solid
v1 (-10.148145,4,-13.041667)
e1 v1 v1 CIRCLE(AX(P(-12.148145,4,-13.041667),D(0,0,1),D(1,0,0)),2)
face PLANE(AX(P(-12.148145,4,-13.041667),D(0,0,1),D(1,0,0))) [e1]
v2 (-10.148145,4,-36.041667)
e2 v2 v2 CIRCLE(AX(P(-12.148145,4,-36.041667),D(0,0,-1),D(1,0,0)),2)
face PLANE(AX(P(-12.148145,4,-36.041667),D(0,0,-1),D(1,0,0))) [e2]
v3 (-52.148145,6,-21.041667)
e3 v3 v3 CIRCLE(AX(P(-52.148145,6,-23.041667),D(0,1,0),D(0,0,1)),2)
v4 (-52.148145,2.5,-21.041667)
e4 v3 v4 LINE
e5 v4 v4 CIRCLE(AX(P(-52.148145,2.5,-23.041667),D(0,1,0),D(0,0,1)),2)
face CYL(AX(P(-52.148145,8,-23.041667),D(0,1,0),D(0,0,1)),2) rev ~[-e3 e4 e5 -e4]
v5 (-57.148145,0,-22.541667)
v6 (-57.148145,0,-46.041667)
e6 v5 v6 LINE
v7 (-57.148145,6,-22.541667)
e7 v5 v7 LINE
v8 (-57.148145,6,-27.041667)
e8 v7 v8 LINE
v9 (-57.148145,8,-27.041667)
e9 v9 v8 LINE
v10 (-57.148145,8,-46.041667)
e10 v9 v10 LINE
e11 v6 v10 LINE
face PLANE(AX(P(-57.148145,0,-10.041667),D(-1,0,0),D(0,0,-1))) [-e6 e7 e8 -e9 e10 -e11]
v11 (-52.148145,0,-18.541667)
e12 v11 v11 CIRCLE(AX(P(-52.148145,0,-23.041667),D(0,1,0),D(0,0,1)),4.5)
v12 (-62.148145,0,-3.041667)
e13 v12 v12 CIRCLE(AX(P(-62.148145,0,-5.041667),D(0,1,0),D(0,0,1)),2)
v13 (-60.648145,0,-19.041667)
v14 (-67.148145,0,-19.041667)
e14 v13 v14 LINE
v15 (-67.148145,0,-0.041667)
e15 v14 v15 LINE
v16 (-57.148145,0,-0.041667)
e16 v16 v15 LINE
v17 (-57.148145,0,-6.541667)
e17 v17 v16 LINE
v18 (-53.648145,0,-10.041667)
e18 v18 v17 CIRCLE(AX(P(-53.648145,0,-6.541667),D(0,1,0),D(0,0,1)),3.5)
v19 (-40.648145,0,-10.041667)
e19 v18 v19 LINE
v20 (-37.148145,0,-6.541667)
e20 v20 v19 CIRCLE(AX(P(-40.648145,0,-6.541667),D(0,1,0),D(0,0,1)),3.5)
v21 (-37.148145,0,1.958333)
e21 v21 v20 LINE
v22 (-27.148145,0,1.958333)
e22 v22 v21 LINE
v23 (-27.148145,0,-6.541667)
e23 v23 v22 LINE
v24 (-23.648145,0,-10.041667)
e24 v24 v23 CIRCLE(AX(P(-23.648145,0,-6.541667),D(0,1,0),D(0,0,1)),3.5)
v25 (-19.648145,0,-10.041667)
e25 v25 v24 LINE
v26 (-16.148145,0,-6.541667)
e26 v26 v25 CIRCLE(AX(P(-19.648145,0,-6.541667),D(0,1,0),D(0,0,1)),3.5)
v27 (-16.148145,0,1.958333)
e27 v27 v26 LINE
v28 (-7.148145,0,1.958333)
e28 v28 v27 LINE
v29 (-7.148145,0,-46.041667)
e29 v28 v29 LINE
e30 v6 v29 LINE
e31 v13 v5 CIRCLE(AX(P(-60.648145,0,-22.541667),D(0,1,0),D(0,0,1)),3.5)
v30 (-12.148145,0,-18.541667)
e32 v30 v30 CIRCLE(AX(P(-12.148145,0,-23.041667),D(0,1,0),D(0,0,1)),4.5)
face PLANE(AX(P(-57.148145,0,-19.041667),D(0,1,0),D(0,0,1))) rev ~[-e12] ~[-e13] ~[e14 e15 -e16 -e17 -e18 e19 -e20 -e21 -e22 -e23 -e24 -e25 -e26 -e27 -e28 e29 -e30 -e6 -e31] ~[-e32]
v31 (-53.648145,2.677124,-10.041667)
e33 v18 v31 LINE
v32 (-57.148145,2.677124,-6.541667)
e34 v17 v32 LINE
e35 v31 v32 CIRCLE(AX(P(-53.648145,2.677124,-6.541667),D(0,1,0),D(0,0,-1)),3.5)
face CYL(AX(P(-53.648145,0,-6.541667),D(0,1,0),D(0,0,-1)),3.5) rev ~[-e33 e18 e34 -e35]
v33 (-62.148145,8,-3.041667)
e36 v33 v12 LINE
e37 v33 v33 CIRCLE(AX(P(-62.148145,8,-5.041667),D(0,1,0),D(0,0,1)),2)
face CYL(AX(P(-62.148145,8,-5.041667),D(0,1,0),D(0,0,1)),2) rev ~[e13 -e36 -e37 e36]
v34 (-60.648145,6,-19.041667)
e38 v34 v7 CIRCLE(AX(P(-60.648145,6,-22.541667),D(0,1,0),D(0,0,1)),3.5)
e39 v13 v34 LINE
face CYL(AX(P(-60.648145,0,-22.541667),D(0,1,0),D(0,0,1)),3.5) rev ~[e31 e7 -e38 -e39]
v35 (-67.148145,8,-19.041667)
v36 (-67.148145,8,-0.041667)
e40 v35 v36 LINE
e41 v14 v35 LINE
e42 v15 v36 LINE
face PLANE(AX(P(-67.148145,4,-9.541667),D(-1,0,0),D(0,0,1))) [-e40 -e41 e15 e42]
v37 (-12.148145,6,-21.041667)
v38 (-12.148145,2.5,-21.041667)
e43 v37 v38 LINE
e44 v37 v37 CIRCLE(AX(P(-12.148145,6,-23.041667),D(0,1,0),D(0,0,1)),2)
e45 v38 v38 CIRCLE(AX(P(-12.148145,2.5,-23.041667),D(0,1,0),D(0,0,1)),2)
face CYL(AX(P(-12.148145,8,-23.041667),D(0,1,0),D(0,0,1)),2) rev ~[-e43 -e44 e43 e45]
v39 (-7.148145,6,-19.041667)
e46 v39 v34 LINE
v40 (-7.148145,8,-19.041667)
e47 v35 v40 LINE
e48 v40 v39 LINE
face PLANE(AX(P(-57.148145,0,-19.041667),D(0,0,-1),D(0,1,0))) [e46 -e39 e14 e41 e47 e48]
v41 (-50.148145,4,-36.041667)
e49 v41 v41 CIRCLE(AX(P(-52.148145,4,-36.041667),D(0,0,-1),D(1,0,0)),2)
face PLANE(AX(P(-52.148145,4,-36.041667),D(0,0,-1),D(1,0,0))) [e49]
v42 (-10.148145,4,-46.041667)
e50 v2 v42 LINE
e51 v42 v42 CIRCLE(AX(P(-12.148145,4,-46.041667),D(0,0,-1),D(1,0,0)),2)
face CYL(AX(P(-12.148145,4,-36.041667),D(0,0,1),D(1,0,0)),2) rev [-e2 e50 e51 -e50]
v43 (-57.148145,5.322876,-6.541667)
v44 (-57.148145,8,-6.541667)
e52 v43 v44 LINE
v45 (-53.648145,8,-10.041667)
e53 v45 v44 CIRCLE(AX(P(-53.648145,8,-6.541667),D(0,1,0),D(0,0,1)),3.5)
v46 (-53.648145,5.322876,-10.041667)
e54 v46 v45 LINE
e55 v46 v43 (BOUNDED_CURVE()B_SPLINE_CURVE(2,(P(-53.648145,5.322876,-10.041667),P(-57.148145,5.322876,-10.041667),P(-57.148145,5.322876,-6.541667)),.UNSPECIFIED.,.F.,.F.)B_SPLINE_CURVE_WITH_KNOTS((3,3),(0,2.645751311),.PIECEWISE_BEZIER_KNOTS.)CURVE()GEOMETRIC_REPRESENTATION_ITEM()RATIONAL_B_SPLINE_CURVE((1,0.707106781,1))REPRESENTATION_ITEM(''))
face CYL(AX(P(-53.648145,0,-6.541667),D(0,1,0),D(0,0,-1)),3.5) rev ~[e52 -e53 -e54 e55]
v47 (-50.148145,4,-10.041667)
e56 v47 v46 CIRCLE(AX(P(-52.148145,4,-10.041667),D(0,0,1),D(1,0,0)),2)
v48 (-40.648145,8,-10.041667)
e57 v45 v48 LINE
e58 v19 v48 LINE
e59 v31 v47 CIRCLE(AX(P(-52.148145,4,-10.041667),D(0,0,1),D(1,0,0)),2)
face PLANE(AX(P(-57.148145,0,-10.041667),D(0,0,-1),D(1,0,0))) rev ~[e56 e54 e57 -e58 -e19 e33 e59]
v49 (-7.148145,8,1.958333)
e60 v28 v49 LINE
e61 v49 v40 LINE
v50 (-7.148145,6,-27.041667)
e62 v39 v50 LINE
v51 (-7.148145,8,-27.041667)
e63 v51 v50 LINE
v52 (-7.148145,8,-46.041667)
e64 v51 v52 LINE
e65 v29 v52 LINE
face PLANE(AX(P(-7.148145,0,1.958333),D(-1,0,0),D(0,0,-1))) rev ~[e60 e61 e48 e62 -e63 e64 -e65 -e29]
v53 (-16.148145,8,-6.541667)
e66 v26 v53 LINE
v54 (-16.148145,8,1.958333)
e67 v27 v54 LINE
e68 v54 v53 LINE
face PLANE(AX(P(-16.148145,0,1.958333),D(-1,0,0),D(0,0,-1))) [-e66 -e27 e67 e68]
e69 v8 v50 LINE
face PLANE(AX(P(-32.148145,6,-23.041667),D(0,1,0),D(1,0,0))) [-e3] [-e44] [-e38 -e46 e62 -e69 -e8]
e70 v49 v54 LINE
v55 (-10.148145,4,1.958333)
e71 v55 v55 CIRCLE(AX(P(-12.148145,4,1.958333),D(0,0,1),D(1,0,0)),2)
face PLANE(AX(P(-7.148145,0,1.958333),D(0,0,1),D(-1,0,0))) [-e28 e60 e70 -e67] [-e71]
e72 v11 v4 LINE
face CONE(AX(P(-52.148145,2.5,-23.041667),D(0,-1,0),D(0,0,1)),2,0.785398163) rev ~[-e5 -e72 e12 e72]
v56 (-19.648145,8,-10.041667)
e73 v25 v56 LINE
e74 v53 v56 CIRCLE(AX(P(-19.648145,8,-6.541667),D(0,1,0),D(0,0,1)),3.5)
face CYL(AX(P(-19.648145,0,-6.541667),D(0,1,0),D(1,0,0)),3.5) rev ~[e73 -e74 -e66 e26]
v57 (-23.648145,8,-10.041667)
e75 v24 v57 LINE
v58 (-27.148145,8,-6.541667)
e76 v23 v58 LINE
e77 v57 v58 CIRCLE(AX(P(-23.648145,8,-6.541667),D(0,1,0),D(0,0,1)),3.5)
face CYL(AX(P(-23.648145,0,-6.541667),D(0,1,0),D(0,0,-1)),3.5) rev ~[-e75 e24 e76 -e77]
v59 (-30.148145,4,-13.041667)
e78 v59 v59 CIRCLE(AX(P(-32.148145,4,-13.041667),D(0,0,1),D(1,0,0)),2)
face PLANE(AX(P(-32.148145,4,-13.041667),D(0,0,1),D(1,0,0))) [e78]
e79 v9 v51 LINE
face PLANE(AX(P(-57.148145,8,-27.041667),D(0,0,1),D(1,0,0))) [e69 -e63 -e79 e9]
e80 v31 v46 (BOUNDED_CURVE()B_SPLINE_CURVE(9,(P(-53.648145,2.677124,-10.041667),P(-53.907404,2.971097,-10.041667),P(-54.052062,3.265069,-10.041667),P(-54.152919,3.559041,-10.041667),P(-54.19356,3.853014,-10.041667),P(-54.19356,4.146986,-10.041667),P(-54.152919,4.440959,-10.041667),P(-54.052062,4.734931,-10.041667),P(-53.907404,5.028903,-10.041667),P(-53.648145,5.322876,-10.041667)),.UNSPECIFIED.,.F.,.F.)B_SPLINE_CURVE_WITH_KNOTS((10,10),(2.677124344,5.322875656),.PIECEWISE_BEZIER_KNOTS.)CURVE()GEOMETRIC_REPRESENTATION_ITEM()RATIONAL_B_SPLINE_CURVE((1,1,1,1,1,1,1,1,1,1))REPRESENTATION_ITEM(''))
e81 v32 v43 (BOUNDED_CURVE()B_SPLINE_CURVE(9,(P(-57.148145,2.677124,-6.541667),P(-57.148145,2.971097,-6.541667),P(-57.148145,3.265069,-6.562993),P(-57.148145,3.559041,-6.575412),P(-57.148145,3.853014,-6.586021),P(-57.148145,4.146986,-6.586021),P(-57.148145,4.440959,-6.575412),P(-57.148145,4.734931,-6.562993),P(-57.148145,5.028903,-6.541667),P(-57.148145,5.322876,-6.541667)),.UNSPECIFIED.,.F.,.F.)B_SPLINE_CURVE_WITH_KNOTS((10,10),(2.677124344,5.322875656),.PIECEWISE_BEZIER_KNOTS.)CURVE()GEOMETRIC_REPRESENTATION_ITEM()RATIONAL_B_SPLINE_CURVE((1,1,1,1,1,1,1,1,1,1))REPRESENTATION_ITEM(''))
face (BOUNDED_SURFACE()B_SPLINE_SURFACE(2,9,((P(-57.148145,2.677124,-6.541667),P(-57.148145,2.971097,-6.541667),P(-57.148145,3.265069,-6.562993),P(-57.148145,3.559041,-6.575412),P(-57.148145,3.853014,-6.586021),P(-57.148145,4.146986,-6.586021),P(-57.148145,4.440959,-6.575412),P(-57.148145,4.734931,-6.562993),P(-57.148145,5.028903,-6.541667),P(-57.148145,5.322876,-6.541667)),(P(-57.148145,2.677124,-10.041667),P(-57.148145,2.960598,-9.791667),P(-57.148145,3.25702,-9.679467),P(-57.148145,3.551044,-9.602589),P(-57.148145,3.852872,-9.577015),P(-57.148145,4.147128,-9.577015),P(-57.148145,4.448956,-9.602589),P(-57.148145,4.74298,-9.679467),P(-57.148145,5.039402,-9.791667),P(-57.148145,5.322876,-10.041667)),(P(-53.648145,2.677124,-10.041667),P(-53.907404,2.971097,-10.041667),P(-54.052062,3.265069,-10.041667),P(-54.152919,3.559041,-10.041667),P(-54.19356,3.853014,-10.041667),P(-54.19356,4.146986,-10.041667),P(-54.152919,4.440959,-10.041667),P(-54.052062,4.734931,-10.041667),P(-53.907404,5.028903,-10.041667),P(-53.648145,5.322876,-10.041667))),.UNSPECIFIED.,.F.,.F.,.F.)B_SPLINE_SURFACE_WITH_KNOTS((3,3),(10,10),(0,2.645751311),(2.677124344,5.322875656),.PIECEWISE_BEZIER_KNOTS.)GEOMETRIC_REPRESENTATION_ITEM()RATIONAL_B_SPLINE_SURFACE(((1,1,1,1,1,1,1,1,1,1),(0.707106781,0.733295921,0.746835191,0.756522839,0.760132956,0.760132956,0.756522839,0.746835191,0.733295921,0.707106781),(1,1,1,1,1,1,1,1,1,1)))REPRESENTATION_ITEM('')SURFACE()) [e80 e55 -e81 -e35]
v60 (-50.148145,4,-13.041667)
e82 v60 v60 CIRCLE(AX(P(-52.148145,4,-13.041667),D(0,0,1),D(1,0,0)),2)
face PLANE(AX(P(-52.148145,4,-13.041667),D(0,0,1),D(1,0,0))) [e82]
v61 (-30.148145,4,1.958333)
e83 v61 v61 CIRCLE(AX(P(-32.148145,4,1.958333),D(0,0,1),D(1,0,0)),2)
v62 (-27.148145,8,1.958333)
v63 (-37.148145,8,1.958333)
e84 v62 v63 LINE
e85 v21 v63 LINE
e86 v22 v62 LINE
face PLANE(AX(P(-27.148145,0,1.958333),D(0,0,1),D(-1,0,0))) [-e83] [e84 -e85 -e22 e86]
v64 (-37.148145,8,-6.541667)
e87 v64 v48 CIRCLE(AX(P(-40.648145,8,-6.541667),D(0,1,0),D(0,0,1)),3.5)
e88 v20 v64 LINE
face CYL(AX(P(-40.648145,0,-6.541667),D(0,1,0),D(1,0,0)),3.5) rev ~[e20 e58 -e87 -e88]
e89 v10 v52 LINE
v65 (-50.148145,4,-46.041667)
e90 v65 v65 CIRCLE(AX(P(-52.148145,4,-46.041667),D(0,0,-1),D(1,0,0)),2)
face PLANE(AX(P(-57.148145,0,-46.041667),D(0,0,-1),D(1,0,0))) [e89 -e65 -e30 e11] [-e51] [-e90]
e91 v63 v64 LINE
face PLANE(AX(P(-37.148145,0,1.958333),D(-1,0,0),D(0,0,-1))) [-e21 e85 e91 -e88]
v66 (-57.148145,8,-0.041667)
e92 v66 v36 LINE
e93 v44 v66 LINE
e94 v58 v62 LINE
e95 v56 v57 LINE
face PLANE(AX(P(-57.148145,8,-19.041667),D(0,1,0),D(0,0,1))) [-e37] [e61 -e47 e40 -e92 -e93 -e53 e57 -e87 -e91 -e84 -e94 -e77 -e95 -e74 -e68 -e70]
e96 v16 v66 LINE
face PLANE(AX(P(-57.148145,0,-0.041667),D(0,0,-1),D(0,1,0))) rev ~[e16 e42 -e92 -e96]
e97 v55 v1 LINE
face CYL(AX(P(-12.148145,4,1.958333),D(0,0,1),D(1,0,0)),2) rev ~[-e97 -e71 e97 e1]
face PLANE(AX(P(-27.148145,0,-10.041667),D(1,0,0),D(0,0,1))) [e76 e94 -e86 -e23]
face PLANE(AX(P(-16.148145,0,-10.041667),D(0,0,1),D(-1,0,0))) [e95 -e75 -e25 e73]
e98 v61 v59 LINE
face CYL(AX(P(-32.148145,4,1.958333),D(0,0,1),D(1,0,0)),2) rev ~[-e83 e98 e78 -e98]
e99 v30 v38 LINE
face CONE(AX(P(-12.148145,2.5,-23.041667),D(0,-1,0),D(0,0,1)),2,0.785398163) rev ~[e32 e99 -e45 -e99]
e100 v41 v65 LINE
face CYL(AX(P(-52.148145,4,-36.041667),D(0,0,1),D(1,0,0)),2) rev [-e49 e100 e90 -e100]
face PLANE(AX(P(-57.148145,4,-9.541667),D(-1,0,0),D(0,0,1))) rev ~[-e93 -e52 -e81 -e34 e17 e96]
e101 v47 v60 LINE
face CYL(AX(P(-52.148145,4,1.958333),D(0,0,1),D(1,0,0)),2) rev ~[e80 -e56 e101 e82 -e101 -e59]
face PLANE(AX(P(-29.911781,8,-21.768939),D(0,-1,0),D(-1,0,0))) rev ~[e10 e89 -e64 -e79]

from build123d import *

# Parameters (mm, degrees)
BOSS_EXTRU_1_DEPTH      = 8
ESQUISSE2_R             = 2
ENL_V_MAT_EXTRU_1_DEPTH = 15
ENL_V_START             = -10
ESQUISSE3_R             = 2
ENL_V_MAT_EXTRU_2_DEPTH = 10
ESQUISSE4_R             = 2
ENL_V_MAT_EXTRU_3_DEPTH = 10
CHANFREIN1_SIZE         = 2.5
ESQUISSE5_W             = 50
ESQUISSE5_H             = 8
ENL_V_MAT_EXTRU_4_DEPTH = 2
ESQUISSE6_W             = 19
ESQUISSE6_H             = 8
BOSS_EXTRU_2_DEPTH      = 10
CONG_1_R                = 3.5
ESQUISSE7_R             = 2
ENL_V_MAT_EXTRU_5_DEPTH = 82.808975418


with BuildPart() as part:
    # Esquisse1 → Boss.-Extru.1 (new body)
    with BuildSketch(Plane(origin=(0, 0, 0), x_dir=(1, 0, 0), z_dir=(0, 1, 0))):
        Polygon((-57.148145082, 46.041666667), (-7.148145082, 46.041666667), (-7.148145082, 16.041666667), (-7.148145082, -1.958333333), (-16.148145082, -1.958333333), (-16.148145082, 10.041666667), (-27.148145082, 10.041666667), (-27.148145082, -1.958333333), (-37.148145082, -1.958333333), (-37.148145082, 10.041666667), (-48.148145082, 10.041666667), (-57.148145082, 10.041666667), align=None)
    extrude(amount=BOSS_EXTRU_1_DEPTH)

    # Esquisse2 → Enlèv. mat.-Extru.1 (cut)
    with BuildSketch(Plane.XY.offset(1.958333333)):
        with Locations((-52.148145082, 4)):
            Circle(ESQUISSE2_R)
        with Locations((-12.148145082, 4)):
            Circle(ESQUISSE2_R)
        with Locations((-32.148145082, 4)):
            Circle(ESQUISSE2_R)
    extrude(amount=-ENL_V_MAT_EXTRU_1_DEPTH, mode=Mode.SUBTRACT)

    # Esquisse3 → Enlèv. mat.-Extru.2 (cut)
    with BuildSketch(Plane(origin=(0, 0, -46.041666667), x_dir=(-1, 0, 0), z_dir=(0, 0, -1)).offset(ENL_V_START)):
        with Locations(Location((12.148145082, 4, 0), (0, 0, 180))):
            Circle(ESQUISSE3_R)
        with Locations(Location((52.148145082, 4, 0), (0, 0, 180))):
            Circle(ESQUISSE3_R)
    extrude(amount=ENL_V_MAT_EXTRU_2_DEPTH, mode=Mode.SUBTRACT)

    # Esquisse4 → Enlèv. mat.-Extru.3 (cut)
    with BuildSketch(Plane(origin=(0, 8, 0), x_dir=(1, 0, 0), z_dir=(0, 1, 0))):
        with Locations(Location((-52.148145082, 23.041666667, 0), (0, 0, 270))):
            Circle(ESQUISSE4_R)
        with Locations(Location((-12.148145082, 23.041666667, 0), (0, 0, 270))):
            Circle(ESQUISSE4_R)
    extrude(amount=-ENL_V_MAT_EXTRU_3_DEPTH, mode=Mode.SUBTRACT)

    # Chanfrein1
    chanfrein1_edges = [part.edges().sort_by_distance(p)[0] for p in [
        (-52.148145082, 0, -25.041666667),
        (-12.148145082, 0, -25.041666667),
    ]]
    chamfer(chanfrein1_edges, length=CHANFREIN1_SIZE)

    # Esquisse5 → Enlèv. mat.-Extru.4 (cut)
    with BuildSketch(Plane(origin=(0, 8, 0), x_dir=(1, 0, 0), z_dir=(0, 1, 0))):
        with Locations((-32.148145082, 23.041666667)):
            Rectangle(ESQUISSE5_W, ESQUISSE5_H)
    extrude(amount=-ENL_V_MAT_EXTRU_4_DEPTH, mode=Mode.SUBTRACT)

    # Esquisse6 → Boss.-Extru.2 (add)
    with BuildSketch(Plane.ZY.offset(57.148145082)):
        with Locations((-9.541666667, 4)):
            Rectangle(ESQUISSE6_W, ESQUISSE6_H)
    extrude(amount=BOSS_EXTRU_2_DEPTH)

    # Congé1
    cong_1_edges = [part.edges().sort_by_distance(p)[0] for p in [
        (-16.148145082, 4, -10.041666667),
        (-27.148145082, 4, -10.041666667),
        (-37.148145082, 4, -10.041666667),
        (-57.148145082, 4, -10.041666667),
        (-57.148145082, 3, -19.041666667),
    ]]
    fillet(cong_1_edges, radius=CONG_1_R)

    # Esquisse7 → Enlèv. mat.-Extru.5 (cut, through all)
    with BuildSketch(Plane(origin=(0, 8, 0), x_dir=(1, 0, 0), z_dir=(0, 1, 0))):
        with Locations(Location((-62.148145082, 5.041666667, 0), (0, 0, 270))):
            Circle(ESQUISSE7_R)
    extrude(amount=-ENL_V_MAT_EXTRU_5_DEPTH, mode=Mode.SUBTRACT)


solid = part.part
